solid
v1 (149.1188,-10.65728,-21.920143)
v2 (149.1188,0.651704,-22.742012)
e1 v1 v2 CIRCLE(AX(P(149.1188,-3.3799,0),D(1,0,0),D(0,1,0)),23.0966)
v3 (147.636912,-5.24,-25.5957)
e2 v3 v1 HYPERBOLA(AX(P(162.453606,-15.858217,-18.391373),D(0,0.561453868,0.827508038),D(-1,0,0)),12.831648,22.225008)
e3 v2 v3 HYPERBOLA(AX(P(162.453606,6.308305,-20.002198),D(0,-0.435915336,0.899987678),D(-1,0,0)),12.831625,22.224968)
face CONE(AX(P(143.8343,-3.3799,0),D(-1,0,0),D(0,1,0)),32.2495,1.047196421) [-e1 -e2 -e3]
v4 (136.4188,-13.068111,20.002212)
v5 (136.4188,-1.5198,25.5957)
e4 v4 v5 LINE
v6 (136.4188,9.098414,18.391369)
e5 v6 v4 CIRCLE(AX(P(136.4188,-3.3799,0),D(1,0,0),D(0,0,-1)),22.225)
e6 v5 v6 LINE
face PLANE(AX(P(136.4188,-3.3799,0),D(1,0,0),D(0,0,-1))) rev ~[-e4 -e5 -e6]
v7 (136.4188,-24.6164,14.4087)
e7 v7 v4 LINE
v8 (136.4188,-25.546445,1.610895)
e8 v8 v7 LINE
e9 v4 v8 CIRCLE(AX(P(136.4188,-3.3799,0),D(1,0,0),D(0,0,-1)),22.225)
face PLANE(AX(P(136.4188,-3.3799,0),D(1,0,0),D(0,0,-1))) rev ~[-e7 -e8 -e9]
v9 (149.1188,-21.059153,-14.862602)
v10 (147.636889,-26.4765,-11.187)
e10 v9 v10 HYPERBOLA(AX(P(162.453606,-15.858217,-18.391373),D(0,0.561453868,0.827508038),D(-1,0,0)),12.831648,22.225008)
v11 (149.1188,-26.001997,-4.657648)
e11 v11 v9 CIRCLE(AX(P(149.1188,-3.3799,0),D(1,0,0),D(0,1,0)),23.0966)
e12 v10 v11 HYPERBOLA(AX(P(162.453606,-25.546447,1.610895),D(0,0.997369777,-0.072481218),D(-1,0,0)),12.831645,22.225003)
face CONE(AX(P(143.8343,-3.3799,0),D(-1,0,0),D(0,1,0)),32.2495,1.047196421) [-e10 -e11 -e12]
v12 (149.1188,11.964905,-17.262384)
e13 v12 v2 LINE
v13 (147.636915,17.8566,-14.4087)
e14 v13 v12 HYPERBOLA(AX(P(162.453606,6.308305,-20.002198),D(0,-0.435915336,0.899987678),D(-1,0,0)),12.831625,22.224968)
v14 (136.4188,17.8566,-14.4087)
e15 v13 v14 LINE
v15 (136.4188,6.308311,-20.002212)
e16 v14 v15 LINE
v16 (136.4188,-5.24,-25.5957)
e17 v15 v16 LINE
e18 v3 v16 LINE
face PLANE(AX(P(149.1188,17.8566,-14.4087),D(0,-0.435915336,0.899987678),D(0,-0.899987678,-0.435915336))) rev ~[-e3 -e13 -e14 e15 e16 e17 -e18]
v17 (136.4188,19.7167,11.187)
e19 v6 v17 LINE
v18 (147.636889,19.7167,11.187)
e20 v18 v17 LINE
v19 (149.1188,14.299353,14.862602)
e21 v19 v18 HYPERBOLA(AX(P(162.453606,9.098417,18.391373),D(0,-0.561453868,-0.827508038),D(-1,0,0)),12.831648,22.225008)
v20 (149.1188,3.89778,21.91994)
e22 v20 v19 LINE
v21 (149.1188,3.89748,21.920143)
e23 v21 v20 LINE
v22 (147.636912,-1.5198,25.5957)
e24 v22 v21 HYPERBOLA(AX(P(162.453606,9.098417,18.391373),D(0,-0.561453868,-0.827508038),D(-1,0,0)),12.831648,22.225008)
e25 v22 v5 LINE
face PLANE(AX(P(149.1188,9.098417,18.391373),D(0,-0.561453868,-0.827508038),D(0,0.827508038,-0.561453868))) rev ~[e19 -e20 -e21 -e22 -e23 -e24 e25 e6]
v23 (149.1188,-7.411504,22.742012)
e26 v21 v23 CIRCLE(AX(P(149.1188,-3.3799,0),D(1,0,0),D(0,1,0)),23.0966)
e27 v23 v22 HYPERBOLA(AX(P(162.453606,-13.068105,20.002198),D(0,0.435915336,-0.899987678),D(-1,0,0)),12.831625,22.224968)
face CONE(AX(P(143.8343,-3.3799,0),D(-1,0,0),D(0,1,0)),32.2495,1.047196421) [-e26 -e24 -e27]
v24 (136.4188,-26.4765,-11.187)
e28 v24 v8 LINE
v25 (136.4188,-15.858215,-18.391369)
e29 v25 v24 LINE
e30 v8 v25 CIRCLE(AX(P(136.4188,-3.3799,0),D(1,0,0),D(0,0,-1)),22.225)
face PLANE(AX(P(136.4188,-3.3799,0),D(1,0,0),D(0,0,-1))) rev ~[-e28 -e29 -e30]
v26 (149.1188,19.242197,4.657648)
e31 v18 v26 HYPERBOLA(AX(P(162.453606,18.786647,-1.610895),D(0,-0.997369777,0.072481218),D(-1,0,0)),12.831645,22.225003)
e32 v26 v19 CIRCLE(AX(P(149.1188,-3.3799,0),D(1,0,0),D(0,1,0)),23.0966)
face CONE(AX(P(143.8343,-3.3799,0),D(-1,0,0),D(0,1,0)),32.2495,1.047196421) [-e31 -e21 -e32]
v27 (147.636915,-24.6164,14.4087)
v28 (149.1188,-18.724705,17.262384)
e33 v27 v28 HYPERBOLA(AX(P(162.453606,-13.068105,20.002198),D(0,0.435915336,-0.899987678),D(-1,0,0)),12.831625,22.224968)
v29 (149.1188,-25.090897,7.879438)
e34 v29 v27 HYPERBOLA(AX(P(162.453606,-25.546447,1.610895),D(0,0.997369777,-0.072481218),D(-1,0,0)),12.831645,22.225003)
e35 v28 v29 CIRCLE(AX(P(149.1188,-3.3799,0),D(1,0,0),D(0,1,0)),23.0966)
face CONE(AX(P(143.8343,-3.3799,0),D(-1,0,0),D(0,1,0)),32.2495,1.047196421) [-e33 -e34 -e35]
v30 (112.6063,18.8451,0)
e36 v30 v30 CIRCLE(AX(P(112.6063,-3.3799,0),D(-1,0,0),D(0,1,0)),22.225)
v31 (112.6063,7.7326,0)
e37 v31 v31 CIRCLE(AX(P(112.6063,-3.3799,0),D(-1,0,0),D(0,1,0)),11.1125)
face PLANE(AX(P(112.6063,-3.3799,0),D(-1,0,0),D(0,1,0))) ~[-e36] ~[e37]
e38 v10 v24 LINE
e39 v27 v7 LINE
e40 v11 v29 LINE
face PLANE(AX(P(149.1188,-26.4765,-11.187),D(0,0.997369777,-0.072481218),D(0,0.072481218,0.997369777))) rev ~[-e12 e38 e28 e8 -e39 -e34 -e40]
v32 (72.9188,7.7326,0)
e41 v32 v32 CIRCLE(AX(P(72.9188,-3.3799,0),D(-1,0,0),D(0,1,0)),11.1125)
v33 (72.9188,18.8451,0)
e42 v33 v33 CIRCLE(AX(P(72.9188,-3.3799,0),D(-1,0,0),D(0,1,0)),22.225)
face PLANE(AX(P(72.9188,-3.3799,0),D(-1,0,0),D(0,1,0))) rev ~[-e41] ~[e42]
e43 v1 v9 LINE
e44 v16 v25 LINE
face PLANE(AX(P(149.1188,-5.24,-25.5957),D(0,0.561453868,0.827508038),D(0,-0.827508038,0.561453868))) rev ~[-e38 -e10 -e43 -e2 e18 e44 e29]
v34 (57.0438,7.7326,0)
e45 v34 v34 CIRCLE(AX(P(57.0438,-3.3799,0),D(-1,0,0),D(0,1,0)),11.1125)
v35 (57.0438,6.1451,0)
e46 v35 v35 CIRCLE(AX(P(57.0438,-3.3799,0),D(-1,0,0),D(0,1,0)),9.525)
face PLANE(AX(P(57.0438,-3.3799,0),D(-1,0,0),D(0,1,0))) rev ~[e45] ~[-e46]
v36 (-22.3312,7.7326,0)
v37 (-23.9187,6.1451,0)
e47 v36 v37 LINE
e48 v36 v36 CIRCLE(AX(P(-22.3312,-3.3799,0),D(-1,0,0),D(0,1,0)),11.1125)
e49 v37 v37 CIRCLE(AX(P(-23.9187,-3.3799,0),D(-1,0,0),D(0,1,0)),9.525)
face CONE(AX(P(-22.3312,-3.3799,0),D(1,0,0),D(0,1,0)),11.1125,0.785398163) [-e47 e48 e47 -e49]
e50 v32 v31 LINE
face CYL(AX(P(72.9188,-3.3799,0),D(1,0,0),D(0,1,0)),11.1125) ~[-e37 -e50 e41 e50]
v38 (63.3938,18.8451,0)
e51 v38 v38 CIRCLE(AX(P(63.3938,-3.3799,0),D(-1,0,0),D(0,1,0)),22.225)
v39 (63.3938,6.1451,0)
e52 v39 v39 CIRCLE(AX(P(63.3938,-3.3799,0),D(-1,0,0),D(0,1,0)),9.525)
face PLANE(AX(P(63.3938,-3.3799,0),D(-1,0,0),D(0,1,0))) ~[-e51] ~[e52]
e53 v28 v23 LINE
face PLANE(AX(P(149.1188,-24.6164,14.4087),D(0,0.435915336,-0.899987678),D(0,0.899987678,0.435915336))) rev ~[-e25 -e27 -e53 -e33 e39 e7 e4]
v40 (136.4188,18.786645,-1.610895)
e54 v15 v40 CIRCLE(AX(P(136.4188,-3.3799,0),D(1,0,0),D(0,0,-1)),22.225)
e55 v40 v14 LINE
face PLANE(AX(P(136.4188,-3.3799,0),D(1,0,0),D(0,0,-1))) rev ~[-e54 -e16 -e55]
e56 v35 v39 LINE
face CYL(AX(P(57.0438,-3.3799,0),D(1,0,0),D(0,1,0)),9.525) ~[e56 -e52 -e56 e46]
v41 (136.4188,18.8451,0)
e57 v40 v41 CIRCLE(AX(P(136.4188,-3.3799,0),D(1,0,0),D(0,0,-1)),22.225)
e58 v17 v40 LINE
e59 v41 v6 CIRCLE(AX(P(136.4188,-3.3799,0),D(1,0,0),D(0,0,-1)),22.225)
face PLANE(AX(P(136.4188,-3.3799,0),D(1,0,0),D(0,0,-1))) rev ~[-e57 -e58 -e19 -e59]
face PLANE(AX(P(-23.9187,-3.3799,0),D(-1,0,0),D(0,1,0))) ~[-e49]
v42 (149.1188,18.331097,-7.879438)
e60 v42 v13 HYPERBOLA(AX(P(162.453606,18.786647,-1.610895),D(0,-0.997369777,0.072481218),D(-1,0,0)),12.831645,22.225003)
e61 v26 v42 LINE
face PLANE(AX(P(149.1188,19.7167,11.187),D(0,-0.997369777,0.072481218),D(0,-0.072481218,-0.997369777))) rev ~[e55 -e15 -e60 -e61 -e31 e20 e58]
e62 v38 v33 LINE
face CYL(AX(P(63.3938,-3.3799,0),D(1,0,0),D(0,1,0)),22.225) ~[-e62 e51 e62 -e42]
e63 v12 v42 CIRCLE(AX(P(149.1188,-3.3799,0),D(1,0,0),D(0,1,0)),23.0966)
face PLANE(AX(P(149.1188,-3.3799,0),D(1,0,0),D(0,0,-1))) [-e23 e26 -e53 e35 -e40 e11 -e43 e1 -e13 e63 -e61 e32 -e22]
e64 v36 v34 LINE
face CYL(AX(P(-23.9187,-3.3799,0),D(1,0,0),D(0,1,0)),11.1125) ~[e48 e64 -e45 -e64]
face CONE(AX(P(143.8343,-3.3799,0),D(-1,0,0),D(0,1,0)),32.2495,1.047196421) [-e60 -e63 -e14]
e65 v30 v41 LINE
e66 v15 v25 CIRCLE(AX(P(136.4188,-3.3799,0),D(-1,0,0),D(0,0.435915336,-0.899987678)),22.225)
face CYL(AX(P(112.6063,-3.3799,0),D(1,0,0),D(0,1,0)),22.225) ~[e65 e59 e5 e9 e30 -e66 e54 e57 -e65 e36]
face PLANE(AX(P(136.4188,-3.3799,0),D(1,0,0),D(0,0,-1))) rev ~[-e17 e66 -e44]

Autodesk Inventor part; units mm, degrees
ref_plane "YZ Plane" through (0, 0, 0) normal (1, 0, 0) x (0, 1, 0)
ref_plane "XZ Plane" through (0, 0, 0) normal (0, 1, 0) x (-1, 0, 0)
sketch "Sketch1" plane through (0, 0, 0) normal (0, 0, 1) x (1, 0, 0)
  line L0 (-23.9187, 7.7326) -> (57.0438, 7.7326)
  line L1 (63.3938, 7.7326) -> (63.3938, 18.8451)
  line L2 (63.3938, 18.8451) -> (72.9188, 18.8451)
  line L3 (72.9188, 18.8451) -> (72.9188, 7.7326)
  line L4 (72.9188, 7.7326) -> (112.6063, 7.7326)
  line L5 (112.6063, 7.7326) -> (112.6063, 18.8451)
  line L6 (112.6063, 18.8451) -> (149.1188, 18.8451)
  line L7 (149.1188, 18.8451) -> (149.1188, -3.3799)
  line L8 (149.1188, -3.3799) -> (-23.9187, -3.3799)
  line L9 (-23.9187, -3.3799) -> (-23.9187, 7.7326)
  line L10 (57.0438, 7.7326) -> (57.0438, 6.1451)
  line L11 (57.0438, 6.1451) -> (63.3938, 6.1451)
  line L12 (63.3938, 6.1451) -> (63.3938, 7.7326)
  dimension "d0" = 11.1125
  dimension "d1" = 22.225
  dimension "d2" = 11.1125
  dimension "d3" = 9.525
  dimension "d4" = 173.0375
  dimension "d5" = 36.5125
  dimension "d6" = 39.6875
  dimension "d7" = 6.35
  dimension "d8" = 9.525
revolve "Revolution1" add sketch "Sketch1" angle 360 about axis through (149.1188, -3.3799, 0) along (-1, 0, 0)
chamfer "Chamfer1" distance 1.5875 angle 45 1 edges at (-23.9187, -14.4924, 0)
sketch "Sketch2" plane through (149.1188, -3.3799, 0) normal (1, 0, 0) x (0, 0, -1)
  circle A0 centre (0, 0) radius 22.225 projected
  line L0 (14.4087, 21.2365) -> (25.5957, -1.8601)
  line L1 (25.5957, -1.8601) -> (11.187, -23.0966)
  line L2 (11.187, -23.0966) -> (-14.4087, -21.2365)
  line L3 (-14.4087, -21.2365) -> (-25.5957, 1.8601)
  line L4 (-25.5957, 1.8601) -> (-11.187, 23.0966)
  line L5 (-11.187, 23.0966) -> (14.4087, 21.2365)
  dimension "d12" = 44.45
extrude "Extrusion1" add sketch "Sketch2" against normal blind 12.7 contours A0 L0 L1 | A0 L5 L0 | L1 L2 A0 | A0 L4 L5 | L2 L3 A0 | A0 L3 L4
ref_plane "Work Plane1" through (130.8625, -3.3799, 0) normal (0, 0, 1) x (1, 0, 0)
sketch "Sketch3" plane through (130.8625, -3.3799, 0) normal (0, 0, 1) x (1, 0, 0)
  line L0 (18.2563, 23.0966) -> (5.5563, 23.0966) projected
  line L1 (18.2563, 1.8601) -> (18.2563, 23.0966) projected
  line L2 (12.9718, 32.2495) -> (24.7507, 11.8479)
  line L3 (12.9718, 32.2495) -> (24.7507, 32.2495)
  line L4 (24.7507, 32.2495) -> (24.7507, 11.8479)
  line L5 (-172.7344, 0) -> (78.6103, 0) projected
  dimension "d16" = 30
revolve "Revolution2" cut sketch "Sketch3" angle 360 about axis through (130.8625, -3.3799, 0) along (1, 0, 0)
thread "Thread1" size "7/8-9 UNC" class "1A" standard "ANSI Unified Screw Threads" full length
properties part number "Wedge_Screw"
